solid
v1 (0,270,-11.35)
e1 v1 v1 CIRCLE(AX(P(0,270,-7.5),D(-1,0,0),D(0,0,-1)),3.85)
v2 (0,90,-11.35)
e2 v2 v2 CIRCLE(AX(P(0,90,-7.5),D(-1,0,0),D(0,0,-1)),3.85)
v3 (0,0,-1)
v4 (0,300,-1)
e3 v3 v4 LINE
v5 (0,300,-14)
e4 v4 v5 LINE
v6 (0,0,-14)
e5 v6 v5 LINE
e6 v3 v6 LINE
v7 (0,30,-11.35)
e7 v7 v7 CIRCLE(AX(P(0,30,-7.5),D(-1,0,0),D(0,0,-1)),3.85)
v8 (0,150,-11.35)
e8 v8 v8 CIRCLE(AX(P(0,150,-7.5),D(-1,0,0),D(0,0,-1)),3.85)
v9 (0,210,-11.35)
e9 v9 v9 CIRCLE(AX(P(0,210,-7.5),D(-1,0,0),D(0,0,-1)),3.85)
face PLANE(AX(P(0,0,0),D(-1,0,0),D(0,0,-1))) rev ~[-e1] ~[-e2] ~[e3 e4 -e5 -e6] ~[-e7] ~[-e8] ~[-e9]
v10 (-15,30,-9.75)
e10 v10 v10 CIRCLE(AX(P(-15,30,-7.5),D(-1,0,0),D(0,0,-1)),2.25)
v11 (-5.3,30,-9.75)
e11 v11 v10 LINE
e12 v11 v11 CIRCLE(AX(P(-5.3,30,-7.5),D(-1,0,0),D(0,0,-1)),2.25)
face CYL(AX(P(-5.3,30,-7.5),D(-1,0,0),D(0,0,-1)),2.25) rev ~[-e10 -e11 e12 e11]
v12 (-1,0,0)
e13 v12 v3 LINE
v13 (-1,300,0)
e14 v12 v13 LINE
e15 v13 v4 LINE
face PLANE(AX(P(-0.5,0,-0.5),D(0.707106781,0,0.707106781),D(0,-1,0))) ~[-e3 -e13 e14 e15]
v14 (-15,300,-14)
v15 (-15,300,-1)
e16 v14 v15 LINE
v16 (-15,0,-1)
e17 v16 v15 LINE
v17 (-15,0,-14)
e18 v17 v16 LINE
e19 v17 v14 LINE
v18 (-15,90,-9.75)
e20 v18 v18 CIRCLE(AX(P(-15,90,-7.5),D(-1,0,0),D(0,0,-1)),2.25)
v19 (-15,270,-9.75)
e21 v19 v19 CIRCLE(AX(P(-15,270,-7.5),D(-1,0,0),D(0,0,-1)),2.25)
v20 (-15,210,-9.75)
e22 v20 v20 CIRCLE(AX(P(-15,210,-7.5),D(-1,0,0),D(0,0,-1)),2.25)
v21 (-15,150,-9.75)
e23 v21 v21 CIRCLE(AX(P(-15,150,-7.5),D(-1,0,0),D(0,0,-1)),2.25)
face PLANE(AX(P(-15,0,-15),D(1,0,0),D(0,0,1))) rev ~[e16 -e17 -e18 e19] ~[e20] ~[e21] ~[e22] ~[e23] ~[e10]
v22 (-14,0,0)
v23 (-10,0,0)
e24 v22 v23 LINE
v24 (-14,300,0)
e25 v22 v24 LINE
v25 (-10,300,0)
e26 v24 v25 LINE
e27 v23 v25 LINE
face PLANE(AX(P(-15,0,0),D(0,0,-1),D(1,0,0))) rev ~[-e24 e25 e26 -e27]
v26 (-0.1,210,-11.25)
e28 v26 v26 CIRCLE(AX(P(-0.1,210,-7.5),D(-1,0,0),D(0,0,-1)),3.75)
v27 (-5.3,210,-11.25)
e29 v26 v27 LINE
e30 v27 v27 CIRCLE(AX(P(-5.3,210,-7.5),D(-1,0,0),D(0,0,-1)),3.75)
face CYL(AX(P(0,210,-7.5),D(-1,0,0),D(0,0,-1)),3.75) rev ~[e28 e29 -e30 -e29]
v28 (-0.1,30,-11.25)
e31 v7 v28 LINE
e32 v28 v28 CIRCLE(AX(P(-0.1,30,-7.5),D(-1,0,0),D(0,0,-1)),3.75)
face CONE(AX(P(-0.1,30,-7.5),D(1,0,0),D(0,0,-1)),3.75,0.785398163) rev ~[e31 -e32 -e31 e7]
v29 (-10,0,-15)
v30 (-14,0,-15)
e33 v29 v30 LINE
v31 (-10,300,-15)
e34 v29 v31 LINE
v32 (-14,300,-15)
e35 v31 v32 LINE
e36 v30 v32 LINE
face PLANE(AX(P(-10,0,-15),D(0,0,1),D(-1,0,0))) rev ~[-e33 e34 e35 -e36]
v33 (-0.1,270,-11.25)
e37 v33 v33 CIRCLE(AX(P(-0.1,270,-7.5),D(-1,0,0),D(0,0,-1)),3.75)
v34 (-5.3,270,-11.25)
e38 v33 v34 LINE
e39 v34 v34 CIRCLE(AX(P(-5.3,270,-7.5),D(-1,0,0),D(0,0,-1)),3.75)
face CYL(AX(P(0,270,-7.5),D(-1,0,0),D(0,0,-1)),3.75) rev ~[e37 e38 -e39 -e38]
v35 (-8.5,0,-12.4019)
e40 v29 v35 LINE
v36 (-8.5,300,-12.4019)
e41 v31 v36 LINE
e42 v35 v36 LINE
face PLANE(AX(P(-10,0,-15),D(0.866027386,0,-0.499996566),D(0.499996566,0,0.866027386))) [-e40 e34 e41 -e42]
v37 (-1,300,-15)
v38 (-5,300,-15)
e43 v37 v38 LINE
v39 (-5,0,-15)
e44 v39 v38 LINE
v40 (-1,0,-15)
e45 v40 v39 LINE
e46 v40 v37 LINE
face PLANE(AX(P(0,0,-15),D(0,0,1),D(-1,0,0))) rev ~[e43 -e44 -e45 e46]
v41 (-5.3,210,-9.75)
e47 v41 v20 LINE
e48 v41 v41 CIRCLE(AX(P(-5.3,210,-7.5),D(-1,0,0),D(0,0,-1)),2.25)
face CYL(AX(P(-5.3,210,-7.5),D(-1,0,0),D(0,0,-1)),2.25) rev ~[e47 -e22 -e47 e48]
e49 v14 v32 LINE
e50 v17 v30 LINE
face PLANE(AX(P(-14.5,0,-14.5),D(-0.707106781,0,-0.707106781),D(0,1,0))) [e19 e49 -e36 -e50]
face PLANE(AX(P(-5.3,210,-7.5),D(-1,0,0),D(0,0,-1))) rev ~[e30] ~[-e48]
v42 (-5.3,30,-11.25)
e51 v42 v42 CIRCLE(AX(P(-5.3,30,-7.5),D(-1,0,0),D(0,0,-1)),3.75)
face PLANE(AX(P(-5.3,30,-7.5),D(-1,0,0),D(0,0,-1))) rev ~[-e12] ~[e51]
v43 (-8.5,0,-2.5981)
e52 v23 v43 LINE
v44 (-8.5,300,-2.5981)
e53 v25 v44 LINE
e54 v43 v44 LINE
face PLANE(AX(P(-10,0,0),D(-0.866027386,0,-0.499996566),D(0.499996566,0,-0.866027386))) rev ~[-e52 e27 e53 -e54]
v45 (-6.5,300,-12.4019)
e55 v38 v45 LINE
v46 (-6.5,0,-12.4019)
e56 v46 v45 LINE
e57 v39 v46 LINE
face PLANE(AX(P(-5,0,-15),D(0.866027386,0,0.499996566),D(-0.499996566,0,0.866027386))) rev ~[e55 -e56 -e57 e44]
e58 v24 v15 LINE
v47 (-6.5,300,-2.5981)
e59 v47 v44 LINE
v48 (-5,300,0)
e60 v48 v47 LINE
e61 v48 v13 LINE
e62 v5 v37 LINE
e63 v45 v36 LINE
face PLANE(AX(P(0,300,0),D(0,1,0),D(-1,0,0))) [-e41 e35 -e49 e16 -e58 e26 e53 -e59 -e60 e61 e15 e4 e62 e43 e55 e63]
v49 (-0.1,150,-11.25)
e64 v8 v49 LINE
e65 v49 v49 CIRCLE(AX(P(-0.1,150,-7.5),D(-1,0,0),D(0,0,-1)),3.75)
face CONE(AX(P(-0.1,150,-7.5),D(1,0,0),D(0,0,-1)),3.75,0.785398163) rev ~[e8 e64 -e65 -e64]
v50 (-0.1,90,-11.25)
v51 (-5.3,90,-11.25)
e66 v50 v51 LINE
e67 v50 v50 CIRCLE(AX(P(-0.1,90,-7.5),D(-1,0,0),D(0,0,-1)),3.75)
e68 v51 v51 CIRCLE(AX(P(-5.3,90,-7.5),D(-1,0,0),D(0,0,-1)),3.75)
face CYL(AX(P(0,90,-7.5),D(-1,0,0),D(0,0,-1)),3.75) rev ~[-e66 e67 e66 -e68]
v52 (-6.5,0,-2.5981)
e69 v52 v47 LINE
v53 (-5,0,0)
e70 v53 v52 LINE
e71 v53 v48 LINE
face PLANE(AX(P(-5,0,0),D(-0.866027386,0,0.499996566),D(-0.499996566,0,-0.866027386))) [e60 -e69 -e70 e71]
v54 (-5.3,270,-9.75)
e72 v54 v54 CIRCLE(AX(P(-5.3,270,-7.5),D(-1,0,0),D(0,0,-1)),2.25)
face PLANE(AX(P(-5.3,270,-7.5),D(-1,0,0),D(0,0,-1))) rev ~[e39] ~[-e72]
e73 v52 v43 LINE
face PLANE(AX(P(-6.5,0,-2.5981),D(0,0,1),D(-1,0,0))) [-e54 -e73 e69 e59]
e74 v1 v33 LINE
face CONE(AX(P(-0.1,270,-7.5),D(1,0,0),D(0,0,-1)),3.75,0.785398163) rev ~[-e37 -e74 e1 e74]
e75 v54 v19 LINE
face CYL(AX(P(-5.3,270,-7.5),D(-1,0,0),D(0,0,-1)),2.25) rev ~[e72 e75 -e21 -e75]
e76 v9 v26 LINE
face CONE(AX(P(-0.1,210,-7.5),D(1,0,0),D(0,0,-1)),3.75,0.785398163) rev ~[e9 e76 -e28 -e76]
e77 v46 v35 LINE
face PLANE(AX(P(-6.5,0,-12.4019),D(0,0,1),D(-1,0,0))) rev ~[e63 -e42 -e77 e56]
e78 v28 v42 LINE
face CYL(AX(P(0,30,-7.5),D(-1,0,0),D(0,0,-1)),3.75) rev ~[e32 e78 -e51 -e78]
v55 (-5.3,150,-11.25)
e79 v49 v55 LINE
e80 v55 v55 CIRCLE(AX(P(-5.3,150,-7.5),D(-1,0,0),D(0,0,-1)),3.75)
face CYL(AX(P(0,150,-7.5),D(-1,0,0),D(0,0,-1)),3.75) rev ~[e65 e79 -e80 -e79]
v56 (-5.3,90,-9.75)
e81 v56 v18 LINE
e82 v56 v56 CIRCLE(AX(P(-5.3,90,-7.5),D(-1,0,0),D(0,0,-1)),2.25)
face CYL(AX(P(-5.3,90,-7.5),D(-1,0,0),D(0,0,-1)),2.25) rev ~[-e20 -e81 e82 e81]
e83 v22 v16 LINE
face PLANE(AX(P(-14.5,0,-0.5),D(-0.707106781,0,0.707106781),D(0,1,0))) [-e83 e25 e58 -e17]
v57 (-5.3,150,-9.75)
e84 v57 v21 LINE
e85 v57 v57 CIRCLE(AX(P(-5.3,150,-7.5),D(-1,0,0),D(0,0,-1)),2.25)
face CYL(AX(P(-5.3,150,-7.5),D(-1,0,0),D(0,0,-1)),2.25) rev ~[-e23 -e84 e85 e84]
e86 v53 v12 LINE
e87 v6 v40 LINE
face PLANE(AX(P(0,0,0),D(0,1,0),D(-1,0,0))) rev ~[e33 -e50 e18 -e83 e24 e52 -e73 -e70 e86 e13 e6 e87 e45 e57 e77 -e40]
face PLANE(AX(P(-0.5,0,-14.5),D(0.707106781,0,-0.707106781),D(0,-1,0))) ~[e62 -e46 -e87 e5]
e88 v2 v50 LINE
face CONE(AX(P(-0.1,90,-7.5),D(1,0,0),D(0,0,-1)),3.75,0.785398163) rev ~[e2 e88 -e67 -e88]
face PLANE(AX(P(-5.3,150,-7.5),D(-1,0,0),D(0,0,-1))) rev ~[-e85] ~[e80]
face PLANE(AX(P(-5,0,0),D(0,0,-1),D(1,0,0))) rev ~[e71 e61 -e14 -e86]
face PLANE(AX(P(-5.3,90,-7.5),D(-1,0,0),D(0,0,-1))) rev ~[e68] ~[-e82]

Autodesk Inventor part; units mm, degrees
ref_plane "YZ Plane" through (0, 0, 0) normal (1, 0, 0) x (0, 1, 0)
ref_plane "XZ Plane" through (0, 0, 0) normal (0, 1, 0) x (-1, 0, 0)
ref_plane "XY Plane" through (0, 0, 0) normal (0, 0, 1) x (1, 0, 0)
sketch "Skizze1" plane through (0, 0, 0) normal (0, 1, 0) x (-1, 0, 0)
  line L0 (0, 0) -> (0, -15)
  line L1 (0, -15) -> (5, -15)
  line L2 (5, -15) -> (10, -15) construction
  line L3 (10, -15) -> (15, -15)
  line L4 (15, -15) -> (15, 0)
  line L5 (15, 0) -> (10, 0)
  line L6 (10, 0) -> (5, 0) construction
  line L7 (5, 0) -> (0, 0)
  line L8 (0, -7.5) -> (0, -5.25) construction
  line L9 (0, -5.25) -> (0, -9.75) construction
  line L10 (0, -9.75) -> (9.7, -9.75) construction
  line L11 (0, -5.25) -> (9.7, -5.25) construction
  line L12 (15, -7.5) -> (15, -3.9) construction
  line L13 (15, -3.9) -> (15, -11.4) construction
  line L14 (15, -11.4) -> (9.7, -11.4) construction
  line L15 (9.7, -11.4) -> (9.7, -9.75) construction
  line L16 (15, -3.9) -> (9.7, -3.9) construction
  line L17 (9.7, -3.9) -> (9.7, -5.25) construction
  line L18 (10, 0) -> (8.5, -2.5981)
  line L19 (10, 0) -> (13, 0) construction
  line L20 (5, 0) -> (6.5, -2.5981)
  line L21 (5, 0) -> (8, 0) construction
  line L22 (6.5, -2.5981) -> (8.5, -2.5981)
  line L23 (10, -15) -> (8.5, -12.4019)
  line L24 (10, -15) -> (13, -15) construction
  line L25 (5, -15) -> (6.5, -12.4019)
  line L26 (5, -15) -> (8, -15) construction
  line L27 (6.5, -12.4019) -> (8.5, -12.4019)
  dimension "d0" = 15
  dimension "d1" = 5
  dimension "d2" = 5
  dimension "d3" = 5
  dimension "d4" = 15
  dimension "d5" = 5
  dimension "d6" = 5
  dimension "d7" = 2.25
  dimension "d8" = 4.5
  dimension "d9" = 9.7
  dimension "d10" = 9.7
  dimension "d11" = 3.6
  dimension "d12" = 7.5
  dimension "d13" = 5.3
  dimension "d14" = 3
  dimension "d15" = 120
  dimension "d16" = 3
  dimension "d17" = 60
  dimension "d18" = 3
  dimension "d19" = 120
  dimension "d20" = 3
  dimension "d21" = 60
extrude "Extrusion1" add sketch "Skizze1" along normal blind 300
sketch "Skizze2" plane through (0, 0, 0) normal (1, 0, 0) x (0, 0, -1)
  line L0 (15, 300) -> (0, 300) construction
  line L1 (7.5, 300) -> (7.5, 270) construction
  line L2 (7.5, 270) -> (7.5, 210) construction
  line L3 (7.5, 210) -> (7.5, 150) construction
  line L4 (7.5, 150) -> (7.5, 90) construction
  line L5 (7.5, 90) -> (7.5, 30) construction
  point P0 (0, 0)
  dimension "d25" = 30
  dimension "d26" = 60
  dimension "d27" = 60
  dimension "d28" = 60
  dimension "d29" = 60
hole "Bohrung1" at (0, 270, -7.5) at (0, 210, -7.5) at (0, 150, -7.5) at (0, 90, -7.5) at (0, 30, -7.5) direction (-1, 0, 0) diameter 4.5 end through all counterbore diameter 7.5 counterbore depth 5.3 clearance for "Innensechskantkopfschraube" size "M4" standard "ANSI Metrisches M Profil"
chamfer "Fase1" distance 1 angle 45 4 edges at (0, 150, -15) (0, 150, 0) (-15, 150, -15) (-15, 150, 0)
chamfer "Fase2" distance 0.1 angle 45 5 edges at (0, 270, -3.75) (0, 210, -3.75) (0, 150, -3.75) (0, 90, -3.75) (0, 30, -3.75)
properties part number "Linearführung" material "Edelstahl"
